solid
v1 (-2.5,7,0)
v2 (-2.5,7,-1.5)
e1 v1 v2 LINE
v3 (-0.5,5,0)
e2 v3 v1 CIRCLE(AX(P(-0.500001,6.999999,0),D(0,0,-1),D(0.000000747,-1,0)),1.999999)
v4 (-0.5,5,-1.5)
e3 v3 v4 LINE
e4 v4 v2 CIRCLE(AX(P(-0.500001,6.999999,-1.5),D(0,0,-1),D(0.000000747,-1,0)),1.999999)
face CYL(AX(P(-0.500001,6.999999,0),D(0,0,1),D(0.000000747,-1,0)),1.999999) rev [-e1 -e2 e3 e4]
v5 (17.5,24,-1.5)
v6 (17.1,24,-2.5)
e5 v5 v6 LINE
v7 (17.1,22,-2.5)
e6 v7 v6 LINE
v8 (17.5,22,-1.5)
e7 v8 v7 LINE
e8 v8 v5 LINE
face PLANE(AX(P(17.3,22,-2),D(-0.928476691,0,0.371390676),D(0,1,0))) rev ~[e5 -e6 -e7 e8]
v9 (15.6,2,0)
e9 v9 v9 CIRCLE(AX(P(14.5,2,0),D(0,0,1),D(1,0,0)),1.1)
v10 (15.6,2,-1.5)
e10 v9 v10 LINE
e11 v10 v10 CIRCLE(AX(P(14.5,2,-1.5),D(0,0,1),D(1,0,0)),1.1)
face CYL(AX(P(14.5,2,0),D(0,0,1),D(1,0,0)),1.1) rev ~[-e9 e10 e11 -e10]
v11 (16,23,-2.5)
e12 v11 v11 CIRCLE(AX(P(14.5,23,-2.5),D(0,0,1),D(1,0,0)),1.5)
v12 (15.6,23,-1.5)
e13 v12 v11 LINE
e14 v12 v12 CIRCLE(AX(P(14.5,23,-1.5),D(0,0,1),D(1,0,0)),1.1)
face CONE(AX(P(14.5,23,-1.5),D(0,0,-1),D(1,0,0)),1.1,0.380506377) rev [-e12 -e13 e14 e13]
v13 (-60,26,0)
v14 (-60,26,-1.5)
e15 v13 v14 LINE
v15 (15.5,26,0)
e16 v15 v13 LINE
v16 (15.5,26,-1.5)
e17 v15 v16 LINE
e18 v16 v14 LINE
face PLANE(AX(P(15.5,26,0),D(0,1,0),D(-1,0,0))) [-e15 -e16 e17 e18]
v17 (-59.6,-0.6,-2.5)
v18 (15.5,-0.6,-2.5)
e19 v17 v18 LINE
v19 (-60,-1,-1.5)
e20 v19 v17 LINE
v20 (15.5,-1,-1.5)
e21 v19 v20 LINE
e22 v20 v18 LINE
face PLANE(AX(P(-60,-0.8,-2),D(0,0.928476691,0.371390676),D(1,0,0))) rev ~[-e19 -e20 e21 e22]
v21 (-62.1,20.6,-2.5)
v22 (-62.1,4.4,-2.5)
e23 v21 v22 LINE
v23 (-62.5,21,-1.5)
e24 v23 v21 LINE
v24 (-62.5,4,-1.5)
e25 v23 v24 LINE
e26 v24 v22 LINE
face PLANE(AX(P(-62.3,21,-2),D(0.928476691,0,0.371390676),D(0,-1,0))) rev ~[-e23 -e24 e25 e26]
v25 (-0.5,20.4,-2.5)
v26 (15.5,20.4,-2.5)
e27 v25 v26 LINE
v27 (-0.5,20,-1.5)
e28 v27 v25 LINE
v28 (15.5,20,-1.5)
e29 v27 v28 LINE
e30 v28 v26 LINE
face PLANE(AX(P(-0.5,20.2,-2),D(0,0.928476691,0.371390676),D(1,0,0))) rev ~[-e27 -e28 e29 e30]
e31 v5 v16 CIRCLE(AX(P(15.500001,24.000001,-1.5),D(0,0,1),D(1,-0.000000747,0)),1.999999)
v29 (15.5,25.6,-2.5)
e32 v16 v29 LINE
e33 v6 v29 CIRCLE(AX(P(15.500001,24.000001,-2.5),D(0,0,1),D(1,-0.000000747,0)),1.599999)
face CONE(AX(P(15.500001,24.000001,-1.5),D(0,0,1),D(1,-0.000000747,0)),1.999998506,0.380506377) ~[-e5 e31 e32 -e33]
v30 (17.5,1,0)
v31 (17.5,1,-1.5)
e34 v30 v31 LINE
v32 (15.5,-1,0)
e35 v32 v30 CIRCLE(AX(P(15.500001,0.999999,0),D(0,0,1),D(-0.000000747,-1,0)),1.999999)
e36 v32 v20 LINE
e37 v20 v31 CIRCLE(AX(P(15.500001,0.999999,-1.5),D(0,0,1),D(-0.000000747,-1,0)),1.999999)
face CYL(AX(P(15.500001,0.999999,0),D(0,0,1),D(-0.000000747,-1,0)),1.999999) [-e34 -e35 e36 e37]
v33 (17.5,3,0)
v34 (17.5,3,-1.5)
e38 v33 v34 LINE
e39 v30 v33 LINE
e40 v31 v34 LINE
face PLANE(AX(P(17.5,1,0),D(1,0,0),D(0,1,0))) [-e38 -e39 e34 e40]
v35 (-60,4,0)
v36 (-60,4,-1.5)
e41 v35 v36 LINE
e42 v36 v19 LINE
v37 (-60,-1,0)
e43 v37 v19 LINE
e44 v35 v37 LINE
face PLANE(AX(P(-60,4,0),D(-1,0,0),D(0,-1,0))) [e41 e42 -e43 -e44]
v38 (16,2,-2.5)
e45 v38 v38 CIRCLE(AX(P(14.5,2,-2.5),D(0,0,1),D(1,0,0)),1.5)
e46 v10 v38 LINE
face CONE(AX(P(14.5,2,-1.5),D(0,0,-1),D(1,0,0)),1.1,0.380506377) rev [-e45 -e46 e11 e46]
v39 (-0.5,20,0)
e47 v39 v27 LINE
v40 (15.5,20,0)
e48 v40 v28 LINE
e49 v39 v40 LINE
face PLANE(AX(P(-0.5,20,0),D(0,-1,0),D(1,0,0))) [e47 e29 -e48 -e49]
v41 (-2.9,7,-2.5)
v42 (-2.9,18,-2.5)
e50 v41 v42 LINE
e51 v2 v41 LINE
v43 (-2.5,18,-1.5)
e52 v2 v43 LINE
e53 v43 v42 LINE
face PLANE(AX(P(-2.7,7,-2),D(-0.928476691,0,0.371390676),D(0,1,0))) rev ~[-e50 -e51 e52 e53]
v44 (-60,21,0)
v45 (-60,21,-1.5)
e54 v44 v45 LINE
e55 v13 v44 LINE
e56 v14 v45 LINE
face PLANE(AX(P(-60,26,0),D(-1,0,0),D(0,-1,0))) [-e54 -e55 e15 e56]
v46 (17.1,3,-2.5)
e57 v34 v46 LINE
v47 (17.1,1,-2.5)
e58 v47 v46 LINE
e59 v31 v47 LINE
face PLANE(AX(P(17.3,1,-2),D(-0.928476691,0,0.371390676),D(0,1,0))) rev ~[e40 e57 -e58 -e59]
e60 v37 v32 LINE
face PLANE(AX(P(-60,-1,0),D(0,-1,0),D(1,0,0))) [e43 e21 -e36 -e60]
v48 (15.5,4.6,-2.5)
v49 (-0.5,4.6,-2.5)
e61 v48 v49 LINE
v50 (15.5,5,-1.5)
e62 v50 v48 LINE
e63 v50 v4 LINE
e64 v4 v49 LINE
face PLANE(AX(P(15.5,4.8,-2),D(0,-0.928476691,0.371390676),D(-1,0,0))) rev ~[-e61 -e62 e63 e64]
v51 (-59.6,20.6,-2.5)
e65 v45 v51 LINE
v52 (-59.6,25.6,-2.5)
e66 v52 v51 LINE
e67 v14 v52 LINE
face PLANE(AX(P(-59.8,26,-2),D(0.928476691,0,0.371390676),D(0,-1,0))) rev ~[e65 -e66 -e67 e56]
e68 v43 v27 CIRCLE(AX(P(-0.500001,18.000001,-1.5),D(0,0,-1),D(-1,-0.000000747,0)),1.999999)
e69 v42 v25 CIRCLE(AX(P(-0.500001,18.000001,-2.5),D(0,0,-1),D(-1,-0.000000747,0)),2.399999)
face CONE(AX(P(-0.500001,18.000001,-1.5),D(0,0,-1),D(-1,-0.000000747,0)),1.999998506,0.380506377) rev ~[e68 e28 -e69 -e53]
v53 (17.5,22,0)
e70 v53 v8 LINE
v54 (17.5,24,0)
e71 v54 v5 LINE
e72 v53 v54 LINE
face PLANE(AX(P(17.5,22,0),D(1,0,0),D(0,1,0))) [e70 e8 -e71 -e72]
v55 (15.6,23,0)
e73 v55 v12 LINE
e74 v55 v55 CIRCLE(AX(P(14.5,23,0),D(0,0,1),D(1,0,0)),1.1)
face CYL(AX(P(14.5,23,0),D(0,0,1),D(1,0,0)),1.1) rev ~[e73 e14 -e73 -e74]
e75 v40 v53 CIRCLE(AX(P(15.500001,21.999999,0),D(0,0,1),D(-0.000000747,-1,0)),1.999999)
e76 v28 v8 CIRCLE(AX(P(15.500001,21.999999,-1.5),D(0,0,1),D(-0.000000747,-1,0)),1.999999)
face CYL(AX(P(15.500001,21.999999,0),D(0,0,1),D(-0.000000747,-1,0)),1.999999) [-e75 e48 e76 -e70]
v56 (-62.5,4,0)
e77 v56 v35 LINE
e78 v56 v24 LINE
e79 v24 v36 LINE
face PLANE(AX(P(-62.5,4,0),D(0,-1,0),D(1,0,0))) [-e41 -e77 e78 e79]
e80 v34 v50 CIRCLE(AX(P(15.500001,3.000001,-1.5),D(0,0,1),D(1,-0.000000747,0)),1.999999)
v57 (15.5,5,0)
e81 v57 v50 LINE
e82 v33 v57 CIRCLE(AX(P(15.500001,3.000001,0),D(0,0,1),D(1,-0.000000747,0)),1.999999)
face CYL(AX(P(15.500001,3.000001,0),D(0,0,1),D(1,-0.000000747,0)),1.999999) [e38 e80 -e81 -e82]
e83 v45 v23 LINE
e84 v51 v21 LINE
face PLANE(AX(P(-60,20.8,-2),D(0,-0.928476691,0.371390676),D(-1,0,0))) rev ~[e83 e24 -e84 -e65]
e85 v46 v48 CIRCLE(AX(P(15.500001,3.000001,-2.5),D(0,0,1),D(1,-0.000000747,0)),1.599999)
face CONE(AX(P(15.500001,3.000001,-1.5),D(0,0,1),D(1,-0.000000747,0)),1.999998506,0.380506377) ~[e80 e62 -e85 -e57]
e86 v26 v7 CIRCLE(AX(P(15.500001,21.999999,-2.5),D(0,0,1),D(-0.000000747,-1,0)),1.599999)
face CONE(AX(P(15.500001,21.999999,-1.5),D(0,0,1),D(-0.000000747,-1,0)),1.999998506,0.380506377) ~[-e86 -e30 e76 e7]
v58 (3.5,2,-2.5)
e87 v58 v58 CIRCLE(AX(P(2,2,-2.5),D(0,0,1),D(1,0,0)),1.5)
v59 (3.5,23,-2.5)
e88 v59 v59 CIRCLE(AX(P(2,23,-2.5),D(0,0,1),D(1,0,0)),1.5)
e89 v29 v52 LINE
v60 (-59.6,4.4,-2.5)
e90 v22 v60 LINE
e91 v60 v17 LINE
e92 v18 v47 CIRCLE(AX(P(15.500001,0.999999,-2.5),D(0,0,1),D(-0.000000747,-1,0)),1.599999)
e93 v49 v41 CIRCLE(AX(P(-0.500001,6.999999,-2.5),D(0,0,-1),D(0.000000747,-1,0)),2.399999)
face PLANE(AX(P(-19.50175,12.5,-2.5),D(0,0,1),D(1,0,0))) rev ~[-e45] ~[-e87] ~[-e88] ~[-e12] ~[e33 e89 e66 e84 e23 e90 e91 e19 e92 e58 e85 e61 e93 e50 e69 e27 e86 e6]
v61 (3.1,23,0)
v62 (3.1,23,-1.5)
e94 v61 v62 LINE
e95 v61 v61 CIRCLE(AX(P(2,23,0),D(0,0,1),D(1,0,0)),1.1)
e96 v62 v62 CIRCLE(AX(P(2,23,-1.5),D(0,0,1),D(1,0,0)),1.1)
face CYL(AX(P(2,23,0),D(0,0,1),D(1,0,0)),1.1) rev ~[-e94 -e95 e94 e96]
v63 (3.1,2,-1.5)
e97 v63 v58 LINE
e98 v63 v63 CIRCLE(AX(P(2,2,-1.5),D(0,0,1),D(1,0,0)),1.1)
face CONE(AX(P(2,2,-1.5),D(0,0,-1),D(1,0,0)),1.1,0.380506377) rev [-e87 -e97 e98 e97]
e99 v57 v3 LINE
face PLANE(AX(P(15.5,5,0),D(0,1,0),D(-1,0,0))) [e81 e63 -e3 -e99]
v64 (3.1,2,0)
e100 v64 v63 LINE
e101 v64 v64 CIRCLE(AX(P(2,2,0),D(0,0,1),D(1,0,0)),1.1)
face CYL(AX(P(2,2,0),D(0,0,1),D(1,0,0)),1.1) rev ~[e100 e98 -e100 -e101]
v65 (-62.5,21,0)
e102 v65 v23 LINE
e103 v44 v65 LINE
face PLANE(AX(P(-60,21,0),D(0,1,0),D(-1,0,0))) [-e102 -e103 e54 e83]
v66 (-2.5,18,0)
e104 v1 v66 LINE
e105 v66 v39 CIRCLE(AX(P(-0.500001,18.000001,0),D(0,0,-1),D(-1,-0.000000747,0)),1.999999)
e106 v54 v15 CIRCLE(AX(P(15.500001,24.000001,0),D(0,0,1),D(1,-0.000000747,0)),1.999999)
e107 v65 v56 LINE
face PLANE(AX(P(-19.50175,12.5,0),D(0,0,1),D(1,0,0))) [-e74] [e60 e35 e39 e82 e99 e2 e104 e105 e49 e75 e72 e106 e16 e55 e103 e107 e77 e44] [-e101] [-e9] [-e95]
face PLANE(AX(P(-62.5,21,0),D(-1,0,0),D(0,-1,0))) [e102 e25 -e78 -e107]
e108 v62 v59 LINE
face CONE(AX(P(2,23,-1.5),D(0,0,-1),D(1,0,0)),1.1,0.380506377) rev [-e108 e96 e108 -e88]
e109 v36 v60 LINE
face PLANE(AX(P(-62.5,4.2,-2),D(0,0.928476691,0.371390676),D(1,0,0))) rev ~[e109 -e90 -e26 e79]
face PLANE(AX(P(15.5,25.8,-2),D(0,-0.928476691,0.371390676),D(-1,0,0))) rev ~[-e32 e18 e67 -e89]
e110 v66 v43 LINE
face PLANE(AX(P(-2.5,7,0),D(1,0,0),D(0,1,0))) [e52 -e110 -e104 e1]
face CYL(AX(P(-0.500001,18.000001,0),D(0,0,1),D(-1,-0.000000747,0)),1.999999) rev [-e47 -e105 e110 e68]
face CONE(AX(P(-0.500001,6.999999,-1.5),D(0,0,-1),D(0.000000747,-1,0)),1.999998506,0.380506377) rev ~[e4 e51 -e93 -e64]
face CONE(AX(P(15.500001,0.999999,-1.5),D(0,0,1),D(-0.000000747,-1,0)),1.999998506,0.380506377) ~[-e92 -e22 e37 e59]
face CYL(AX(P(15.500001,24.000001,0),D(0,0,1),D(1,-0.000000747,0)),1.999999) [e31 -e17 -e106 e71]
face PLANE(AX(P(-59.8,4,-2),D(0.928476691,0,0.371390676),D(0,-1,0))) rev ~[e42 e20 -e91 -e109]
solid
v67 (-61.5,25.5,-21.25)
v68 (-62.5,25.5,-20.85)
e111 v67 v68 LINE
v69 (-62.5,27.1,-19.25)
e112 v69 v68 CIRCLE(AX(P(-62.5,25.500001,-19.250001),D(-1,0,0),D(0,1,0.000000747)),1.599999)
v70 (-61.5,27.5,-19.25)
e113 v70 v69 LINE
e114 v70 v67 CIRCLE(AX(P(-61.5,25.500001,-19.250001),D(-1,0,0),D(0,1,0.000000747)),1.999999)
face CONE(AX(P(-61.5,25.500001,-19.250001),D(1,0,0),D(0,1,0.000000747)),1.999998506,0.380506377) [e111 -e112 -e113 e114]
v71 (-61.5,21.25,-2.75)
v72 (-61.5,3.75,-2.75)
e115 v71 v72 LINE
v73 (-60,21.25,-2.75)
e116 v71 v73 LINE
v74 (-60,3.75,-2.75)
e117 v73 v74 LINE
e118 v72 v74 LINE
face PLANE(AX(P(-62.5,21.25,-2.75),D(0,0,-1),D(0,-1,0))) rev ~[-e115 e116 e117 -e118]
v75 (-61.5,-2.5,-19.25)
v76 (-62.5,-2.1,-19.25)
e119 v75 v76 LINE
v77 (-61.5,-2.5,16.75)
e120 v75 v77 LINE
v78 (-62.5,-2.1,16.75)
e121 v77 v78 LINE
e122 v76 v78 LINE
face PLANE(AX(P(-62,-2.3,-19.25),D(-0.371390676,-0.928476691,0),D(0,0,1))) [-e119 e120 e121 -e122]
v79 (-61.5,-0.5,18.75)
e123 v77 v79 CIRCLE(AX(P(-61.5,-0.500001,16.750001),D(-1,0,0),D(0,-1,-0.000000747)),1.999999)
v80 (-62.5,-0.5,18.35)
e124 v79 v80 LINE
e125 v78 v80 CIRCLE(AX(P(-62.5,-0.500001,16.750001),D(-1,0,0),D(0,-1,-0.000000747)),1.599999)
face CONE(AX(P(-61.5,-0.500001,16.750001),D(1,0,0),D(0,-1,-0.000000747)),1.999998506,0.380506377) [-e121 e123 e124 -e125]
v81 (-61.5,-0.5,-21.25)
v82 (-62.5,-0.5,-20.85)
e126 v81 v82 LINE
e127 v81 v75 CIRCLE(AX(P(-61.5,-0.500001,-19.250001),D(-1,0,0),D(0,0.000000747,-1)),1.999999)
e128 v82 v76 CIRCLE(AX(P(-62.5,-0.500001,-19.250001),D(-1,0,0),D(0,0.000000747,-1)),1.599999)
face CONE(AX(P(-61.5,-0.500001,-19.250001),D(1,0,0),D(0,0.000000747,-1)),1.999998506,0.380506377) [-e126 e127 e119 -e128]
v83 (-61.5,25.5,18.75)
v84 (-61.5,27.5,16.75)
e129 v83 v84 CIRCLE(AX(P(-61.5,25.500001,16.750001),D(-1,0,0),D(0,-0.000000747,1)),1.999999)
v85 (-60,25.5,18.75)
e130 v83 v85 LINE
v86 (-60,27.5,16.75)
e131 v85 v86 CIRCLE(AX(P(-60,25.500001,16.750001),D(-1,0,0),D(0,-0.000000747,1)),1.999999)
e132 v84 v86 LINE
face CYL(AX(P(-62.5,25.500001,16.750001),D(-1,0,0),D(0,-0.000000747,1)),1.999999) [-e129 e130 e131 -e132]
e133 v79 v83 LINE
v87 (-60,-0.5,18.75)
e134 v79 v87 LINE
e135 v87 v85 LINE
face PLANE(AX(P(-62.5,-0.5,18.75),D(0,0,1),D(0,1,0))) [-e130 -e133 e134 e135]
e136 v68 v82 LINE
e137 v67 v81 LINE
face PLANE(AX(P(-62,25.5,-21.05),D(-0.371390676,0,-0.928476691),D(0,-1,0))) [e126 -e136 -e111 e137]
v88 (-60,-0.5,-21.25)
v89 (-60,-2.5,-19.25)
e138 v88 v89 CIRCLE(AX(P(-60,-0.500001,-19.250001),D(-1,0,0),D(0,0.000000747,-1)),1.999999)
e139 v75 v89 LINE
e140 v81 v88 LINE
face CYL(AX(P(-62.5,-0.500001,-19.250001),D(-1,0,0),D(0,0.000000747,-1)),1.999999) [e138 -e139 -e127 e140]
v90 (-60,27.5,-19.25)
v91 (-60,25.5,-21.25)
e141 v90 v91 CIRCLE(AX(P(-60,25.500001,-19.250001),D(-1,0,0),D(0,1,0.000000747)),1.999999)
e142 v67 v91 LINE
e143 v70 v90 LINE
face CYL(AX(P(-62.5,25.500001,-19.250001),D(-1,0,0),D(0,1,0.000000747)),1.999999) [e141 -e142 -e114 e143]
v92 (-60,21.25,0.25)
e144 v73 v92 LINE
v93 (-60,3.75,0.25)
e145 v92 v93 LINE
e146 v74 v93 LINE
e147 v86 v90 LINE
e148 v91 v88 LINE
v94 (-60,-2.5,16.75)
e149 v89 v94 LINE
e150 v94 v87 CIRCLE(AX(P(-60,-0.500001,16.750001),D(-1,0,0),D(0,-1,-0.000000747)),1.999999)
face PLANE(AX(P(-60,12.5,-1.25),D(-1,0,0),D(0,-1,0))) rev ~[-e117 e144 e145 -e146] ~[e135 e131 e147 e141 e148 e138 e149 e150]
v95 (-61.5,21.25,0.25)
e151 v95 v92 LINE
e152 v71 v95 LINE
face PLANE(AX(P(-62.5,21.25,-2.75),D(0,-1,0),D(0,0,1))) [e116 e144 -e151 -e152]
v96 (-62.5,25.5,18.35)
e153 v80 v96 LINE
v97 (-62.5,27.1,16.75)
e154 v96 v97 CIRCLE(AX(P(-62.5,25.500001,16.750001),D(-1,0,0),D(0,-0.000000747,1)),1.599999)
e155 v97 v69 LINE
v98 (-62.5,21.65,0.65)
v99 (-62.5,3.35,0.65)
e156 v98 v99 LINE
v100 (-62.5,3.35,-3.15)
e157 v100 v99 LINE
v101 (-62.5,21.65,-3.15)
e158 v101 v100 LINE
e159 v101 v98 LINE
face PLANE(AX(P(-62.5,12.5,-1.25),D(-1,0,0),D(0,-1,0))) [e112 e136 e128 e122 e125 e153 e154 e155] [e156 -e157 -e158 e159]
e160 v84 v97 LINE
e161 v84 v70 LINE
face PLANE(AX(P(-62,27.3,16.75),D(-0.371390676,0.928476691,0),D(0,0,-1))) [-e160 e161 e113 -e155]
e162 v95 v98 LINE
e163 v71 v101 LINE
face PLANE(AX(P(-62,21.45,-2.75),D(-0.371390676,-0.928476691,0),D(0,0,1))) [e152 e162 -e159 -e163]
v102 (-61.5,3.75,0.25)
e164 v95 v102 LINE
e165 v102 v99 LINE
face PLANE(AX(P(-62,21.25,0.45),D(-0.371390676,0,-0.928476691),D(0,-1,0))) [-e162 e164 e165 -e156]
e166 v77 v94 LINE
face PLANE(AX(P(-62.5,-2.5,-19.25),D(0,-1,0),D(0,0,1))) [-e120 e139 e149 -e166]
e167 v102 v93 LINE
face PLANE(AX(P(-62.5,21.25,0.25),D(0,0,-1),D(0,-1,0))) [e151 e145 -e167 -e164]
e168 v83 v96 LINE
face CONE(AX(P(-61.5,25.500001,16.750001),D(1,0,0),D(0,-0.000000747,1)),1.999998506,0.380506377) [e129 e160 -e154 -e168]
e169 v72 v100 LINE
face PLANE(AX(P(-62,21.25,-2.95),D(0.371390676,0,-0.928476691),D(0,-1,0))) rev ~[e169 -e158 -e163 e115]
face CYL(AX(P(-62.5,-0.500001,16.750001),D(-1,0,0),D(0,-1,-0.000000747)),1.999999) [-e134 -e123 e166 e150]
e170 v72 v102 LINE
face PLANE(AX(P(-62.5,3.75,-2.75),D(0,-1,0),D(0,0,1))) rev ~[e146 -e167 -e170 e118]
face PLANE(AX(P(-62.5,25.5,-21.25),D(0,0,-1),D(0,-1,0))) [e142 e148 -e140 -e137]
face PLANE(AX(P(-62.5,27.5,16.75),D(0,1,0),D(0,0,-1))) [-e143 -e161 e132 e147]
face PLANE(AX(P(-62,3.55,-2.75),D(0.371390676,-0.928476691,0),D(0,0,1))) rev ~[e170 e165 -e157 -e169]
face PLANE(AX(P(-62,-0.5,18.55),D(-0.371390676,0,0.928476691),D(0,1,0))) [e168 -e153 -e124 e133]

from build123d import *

# Parameters (mm, degrees)
F0_R     = 1.1
F1_DEPTH = 2.5
F2_W     = 17.5
F2_H     = 3
F3_DEPTH = 2.5
F4_SIZE2 = 0.4
F4_SIZE  = 1
F5_SIZE2 = 0.4
F5_SIZE  = 1


with BuildPart() as f1:
    # F0 (on Top) → F1 (new body)
    with BuildSketch(Plane.XY):
        with BuildLine():
            Line((-60, 4), (-60, -1))
            Line((-60, -1), (15.5, -1))
            ThreePointArc((15.5, -1), (16.914214, -0.414214), (17.5, 1))
            Line((17.5, 1), (17.5, 3))
            ThreePointArc((17.5, 3), (16.914214, 4.414214), (15.5, 5))
            Line((15.5, 5), (-0.5, 5))
            ThreePointArc((-0.5, 5), (-1.914214, 5.585786), (-2.5, 7))
            Line((-2.5, 7), (-2.5, 18))
            ThreePointArc((-2.5, 18), (-1.914214, 19.414214), (-0.5, 20))
            Line((-0.5, 20), (15.5, 20))
            ThreePointArc((15.5, 20), (16.914214, 20.585786), (17.5, 22))
            Line((17.5, 22), (17.5, 24))
            ThreePointArc((17.5, 24), (16.914214, 25.414214), (15.5, 26))
            Line((15.5, 26), (-60, 26))
            Line((-60, 26), (-60, 21))
            Line((-60, 21), (-62.5, 21))
            Line((-62.5, 21), (-62.5, 4))
            Line((-62.5, 4), (-60, 4))
        make_face()
        with Locations((2, 2)):
            Circle(F0_R, mode=Mode.SUBTRACT)
        with Locations((14.5, 2)):
            Circle(F0_R, mode=Mode.SUBTRACT)
        with Locations((2, 23)):
            Circle(F0_R, mode=Mode.SUBTRACT)
        with Locations((14.5, 23)):
            Circle(F0_R, mode=Mode.SUBTRACT)
    extrude(amount=-F1_DEPTH)

    # F5
    f5_edges = [f1.edges().sort_by_distance(p)[0] for p in [
        (-61.25, 21, -2.5),
        (-62.5, 12.5, -2.5),
        (-61.25, 4, -2.5),
        (-60, 1.5, -2.5),
        (-22.25, -1, -2.5),
        (16.914214, -0.414214, -2.5),
        (17.5, 2, -2.5),
        (16.914214, 4.414214, -2.5),
        (7.5, 5, -2.5),
        (-1.914214, 5.585786, -2.5),
        (-2.5, 12.5, -2.5),
        (-1.914214, 19.414214, -2.5),
        (7.5, 20, -2.5),
        (16.914214, 20.585786, -2.5),
        (17.5, 23, -2.5),
        (16.914214, 25.414214, -2.5),
        (-22.25, 26, -2.5),
        (-60, 23.5, -2.5),
        (0.9, 2, -2.5),
        (13.4, 2, -2.5),
        (0.9, 23, -2.5),
        (13.4, 23, -2.5),
    ]]
    chamfer(f5_edges, length=F5_SIZE, length2=F5_SIZE2)


with BuildPart() as f3:
    # F2 (on face) → F3 (new body, through all)
    with BuildSketch(Plane(origin=(-62.5, 0, 0), x_dir=(0, -1, 0), z_dir=(-1, 0, 0))):
        with BuildLine():
            Line((0.5, 18.75), (-25.5, 18.75))
            ThreePointArc((-25.5, 18.75), (-26.914214, 18.164214), (-27.5, 16.75))
            Line((-27.5, 16.75), (-27.5, -19.25))
            ThreePointArc((-27.5, -19.25), (-26.914214, -20.664214), (-25.5, -21.25))
            Line((-25.5, -21.25), (0.5, -21.25))
            ThreePointArc((0.5, -21.25), (1.914214, -20.664214), (2.5, -19.25))
            Line((2.5, -19.25), (2.5, 16.75))
            ThreePointArc((2.5, 16.75), (1.914214, 18.164214), (0.5, 18.75))
        make_face()
        with Locations((-12.5, -1.25)):
            Rectangle(F2_W, F2_H, mode=Mode.SUBTRACT)
    extrude(amount=-F3_DEPTH)

    # F4
    f4_edges = [f3.edges().sort_by_distance(p)[0] for p in [
        (-62.5, -1.914214, 18.164214),
        (-62.5, 12.5, 18.75),
        (-62.5, 26.914214, 18.164214),
        (-62.5, 27.5, -1.25),
        (-62.5, 26.914214, -20.664214),
        (-62.5, 12.5, -21.25),
        (-62.5, -1.914214, -20.664214),
        (-62.5, -2.5, -1.25),
        (-62.5, 12.5, 0.25),
        (-62.5, 3.75, -1.25),
        (-62.5, 12.5, -2.75),
        (-62.5, 21.25, -1.25),
    ]]
    chamfer(f4_edges, length=F4_SIZE, length2=F4_SIZE2)


solid = Compound([f1.part, f3.part])
